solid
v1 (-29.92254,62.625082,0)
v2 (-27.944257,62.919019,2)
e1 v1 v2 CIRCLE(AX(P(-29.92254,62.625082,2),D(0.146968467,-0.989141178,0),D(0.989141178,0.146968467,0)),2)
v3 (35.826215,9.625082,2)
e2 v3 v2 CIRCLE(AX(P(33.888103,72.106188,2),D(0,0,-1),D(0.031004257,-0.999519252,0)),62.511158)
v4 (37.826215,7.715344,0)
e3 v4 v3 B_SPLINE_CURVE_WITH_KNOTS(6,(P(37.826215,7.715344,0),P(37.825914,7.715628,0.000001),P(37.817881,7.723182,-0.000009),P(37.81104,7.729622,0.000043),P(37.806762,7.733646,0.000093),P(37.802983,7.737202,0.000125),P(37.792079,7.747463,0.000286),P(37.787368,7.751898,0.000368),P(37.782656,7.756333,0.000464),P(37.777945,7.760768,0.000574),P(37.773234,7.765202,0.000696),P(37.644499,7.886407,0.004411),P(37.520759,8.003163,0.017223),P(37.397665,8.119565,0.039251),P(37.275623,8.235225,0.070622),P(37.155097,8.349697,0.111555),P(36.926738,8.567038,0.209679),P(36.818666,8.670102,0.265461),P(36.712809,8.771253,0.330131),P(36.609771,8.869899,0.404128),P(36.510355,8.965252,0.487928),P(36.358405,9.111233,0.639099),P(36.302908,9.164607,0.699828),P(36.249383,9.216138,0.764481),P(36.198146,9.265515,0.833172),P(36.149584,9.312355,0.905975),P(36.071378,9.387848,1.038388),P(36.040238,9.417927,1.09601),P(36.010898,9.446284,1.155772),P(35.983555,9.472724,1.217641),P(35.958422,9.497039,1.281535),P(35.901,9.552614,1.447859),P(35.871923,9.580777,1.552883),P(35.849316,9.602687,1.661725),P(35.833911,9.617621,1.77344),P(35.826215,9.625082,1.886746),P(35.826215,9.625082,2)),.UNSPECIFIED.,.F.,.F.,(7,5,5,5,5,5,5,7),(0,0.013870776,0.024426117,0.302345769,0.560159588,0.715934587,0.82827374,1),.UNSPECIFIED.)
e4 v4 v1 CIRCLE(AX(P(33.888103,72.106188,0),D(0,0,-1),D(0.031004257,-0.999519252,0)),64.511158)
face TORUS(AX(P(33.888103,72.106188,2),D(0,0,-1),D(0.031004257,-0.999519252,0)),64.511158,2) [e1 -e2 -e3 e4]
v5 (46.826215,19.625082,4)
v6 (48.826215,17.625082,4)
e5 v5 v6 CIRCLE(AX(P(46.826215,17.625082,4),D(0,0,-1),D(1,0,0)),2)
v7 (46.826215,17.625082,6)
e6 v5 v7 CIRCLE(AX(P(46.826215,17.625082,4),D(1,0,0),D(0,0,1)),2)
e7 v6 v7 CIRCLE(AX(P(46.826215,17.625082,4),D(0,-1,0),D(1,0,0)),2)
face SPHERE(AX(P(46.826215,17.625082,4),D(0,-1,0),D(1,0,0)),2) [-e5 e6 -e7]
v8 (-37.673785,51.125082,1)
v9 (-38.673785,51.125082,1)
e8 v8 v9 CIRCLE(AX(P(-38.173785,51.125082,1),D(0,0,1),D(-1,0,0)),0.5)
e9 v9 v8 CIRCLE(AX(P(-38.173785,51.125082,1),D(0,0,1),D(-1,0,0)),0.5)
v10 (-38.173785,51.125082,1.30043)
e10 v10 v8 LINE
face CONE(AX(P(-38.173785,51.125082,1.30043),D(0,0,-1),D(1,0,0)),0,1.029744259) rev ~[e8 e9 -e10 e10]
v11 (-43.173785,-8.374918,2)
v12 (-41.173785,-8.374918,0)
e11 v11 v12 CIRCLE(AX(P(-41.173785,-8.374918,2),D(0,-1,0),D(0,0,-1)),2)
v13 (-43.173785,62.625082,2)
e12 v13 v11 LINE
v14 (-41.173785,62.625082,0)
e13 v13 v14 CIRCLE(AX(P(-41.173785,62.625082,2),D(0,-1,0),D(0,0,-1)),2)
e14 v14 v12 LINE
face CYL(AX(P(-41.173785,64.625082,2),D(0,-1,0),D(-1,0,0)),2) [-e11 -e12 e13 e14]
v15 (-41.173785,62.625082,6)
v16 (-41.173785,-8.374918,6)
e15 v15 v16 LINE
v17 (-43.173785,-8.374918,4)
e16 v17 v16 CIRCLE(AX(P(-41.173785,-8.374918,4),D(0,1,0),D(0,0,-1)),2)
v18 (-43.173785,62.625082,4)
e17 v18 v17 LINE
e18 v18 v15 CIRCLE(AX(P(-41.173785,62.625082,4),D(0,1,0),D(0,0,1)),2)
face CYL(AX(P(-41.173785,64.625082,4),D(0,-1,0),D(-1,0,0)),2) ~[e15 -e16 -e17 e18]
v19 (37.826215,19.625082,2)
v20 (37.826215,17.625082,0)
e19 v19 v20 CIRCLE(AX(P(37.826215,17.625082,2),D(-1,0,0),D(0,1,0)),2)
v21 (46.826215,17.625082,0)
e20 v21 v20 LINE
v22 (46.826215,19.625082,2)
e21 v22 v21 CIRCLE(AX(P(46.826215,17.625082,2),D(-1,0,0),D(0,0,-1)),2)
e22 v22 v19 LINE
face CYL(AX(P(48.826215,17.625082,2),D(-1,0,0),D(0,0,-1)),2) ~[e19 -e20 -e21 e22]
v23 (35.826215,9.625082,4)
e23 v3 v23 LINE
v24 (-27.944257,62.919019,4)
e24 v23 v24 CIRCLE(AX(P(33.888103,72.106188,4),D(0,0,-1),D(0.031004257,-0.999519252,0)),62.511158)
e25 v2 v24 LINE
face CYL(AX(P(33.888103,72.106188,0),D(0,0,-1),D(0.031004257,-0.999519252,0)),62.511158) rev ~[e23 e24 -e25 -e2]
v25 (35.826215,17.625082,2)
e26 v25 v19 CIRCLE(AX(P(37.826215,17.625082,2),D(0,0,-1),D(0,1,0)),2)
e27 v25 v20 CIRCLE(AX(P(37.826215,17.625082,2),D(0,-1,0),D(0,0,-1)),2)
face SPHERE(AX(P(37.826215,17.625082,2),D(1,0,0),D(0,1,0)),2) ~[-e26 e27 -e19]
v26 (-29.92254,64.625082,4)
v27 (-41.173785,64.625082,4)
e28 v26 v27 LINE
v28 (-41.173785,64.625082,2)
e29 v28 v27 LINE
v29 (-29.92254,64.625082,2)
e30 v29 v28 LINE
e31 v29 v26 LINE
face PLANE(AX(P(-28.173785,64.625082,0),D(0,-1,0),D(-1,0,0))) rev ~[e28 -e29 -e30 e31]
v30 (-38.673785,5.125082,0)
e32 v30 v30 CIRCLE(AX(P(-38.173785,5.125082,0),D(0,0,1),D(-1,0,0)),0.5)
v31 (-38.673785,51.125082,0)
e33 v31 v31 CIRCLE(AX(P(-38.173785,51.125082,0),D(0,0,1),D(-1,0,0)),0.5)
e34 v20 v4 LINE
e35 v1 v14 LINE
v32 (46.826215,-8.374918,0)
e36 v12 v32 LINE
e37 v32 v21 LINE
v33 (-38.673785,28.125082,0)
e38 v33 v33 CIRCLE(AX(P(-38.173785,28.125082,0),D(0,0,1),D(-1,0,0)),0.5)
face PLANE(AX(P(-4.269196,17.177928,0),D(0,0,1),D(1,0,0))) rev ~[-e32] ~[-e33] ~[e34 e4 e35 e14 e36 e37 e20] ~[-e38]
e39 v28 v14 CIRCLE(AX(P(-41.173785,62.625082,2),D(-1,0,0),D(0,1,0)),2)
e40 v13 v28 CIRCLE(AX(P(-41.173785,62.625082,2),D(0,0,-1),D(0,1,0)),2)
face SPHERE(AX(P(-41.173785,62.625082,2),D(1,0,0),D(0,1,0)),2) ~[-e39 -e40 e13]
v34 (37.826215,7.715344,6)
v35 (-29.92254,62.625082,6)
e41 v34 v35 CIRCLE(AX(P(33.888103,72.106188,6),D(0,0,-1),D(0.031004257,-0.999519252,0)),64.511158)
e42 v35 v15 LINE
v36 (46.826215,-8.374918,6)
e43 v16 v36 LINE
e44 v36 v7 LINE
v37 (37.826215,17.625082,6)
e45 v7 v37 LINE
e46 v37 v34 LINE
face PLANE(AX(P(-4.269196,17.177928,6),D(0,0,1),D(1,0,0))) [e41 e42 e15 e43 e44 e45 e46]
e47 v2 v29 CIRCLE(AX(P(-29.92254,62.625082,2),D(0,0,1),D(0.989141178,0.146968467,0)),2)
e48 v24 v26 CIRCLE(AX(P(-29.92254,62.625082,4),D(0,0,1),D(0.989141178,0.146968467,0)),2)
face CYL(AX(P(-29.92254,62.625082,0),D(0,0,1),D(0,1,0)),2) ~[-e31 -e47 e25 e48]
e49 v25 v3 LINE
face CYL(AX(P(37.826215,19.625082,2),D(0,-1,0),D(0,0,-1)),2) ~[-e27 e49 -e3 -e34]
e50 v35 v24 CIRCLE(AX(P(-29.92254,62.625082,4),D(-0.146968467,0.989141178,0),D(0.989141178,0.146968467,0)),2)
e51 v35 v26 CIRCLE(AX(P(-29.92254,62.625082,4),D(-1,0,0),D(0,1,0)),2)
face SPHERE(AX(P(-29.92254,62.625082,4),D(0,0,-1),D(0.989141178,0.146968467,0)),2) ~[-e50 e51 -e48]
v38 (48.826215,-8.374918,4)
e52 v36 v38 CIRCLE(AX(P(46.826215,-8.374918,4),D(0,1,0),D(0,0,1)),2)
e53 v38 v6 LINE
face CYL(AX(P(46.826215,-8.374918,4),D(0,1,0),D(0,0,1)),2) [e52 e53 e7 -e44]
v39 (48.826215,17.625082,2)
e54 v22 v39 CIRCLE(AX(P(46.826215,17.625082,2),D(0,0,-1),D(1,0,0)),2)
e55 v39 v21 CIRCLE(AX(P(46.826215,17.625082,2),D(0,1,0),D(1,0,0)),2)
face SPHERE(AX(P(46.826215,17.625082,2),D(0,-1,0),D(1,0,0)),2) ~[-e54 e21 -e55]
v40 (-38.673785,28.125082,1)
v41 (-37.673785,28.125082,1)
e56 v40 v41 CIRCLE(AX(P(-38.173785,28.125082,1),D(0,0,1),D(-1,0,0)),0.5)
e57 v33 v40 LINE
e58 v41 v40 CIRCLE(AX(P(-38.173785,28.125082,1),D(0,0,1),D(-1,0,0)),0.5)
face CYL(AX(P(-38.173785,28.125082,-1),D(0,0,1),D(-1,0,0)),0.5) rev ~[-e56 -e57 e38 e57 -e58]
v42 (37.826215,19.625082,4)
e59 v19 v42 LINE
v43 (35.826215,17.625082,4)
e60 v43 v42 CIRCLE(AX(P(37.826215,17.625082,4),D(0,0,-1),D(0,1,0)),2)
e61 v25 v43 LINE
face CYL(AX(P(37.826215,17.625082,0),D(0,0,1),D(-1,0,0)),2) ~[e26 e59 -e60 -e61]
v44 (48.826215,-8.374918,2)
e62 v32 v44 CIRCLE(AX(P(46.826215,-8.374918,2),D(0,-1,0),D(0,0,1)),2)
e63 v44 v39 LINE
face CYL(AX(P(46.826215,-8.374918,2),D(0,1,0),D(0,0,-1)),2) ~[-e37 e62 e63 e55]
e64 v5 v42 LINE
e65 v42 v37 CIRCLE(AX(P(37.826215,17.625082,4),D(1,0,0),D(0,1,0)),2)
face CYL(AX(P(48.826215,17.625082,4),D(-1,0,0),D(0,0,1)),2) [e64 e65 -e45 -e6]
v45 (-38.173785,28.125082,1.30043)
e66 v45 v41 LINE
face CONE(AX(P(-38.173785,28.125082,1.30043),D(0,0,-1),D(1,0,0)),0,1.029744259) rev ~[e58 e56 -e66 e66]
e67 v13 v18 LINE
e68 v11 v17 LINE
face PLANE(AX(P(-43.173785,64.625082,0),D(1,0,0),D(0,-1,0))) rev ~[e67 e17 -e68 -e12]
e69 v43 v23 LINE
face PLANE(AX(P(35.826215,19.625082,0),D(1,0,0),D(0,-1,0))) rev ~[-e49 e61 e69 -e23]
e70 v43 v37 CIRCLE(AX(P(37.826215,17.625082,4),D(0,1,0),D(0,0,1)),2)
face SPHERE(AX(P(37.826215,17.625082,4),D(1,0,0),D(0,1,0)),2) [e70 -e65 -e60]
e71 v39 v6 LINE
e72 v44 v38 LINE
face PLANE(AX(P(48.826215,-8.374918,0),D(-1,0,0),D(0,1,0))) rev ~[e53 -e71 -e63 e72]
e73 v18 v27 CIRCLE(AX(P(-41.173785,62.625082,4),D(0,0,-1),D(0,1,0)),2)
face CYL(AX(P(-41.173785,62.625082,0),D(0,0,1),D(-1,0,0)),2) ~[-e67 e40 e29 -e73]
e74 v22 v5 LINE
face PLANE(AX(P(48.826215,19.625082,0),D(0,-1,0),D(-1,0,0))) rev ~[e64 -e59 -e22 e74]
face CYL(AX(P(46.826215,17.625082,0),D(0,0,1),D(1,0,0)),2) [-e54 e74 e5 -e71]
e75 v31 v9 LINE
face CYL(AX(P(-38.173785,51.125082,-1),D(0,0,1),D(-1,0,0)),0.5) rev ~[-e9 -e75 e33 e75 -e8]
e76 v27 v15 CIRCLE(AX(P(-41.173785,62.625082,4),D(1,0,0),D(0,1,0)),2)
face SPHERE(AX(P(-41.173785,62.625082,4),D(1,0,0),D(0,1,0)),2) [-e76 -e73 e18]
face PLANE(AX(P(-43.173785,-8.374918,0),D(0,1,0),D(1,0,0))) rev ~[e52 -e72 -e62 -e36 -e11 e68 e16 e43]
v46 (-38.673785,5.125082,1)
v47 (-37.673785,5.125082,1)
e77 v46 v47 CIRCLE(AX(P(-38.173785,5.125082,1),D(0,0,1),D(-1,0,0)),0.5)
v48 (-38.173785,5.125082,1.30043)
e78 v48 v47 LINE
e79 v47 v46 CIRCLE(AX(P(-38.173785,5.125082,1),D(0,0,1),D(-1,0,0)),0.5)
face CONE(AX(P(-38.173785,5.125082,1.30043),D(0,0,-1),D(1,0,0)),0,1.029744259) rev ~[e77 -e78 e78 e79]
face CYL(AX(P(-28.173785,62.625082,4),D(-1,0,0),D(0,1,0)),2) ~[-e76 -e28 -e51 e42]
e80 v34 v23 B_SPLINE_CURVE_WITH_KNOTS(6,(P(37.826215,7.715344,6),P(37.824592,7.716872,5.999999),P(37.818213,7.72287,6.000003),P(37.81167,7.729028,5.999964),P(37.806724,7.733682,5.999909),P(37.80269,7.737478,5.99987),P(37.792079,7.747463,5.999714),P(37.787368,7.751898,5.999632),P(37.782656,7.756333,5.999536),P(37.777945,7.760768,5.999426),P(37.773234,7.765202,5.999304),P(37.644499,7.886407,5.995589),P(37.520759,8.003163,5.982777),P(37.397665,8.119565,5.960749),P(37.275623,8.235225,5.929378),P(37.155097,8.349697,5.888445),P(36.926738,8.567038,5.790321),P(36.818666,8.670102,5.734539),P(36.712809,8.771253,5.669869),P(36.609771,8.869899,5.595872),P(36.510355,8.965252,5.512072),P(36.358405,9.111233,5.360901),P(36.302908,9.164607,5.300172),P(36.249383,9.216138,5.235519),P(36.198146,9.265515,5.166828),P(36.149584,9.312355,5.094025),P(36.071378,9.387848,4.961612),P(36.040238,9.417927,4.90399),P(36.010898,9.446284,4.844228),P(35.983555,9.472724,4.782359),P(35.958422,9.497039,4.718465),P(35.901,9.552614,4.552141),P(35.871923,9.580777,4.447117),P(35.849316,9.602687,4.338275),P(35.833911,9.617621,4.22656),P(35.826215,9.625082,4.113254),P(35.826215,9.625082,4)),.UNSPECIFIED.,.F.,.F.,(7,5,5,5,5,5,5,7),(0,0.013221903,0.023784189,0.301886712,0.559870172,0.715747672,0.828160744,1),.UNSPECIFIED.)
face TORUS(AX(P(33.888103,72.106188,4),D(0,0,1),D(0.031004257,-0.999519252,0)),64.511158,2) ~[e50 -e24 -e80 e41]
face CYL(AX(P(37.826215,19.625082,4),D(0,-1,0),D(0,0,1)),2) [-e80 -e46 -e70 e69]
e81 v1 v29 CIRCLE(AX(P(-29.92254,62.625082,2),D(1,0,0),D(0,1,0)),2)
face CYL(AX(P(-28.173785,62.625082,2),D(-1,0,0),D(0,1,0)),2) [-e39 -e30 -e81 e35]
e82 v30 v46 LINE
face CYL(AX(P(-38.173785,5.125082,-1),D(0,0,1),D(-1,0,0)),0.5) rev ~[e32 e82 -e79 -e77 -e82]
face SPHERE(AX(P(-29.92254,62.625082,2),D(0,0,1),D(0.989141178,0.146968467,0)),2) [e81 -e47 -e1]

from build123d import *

# Parameters (mm, degrees)
F1_DEPTH = 6
F3_D     = 1
F3_DEPTH = 1
F3_TIP   = 0.3004303095
F4_R     = 2


with BuildPart() as f1:
    # F0 (on Top) → F1 (new body)
    with BuildSketch(Plane.XY):
        with BuildLine():
            Line((-43.1737847788, 64.6250816927), (-43.1737847788, -8.3749183073))
            Line((-43.1737847788, -8.3749183073), (48.8262152212, -8.3749183073))
            Line((48.8262152212, -8.3749183073), (48.8262152212, 19.6250816927))
            Line((48.8262152212, 19.6250816927), (35.8262152212, 19.6250816927))
            Line((35.8262152212, 19.6250816927), (35.8262152212, 9.6250816927))
            ThreePointArc((35.8262152212, 9.6250816927), (-6.8545907303, 24.6965074946), (-28.1737847788, 64.6250816927))
            Line((-28.1737847788, 64.6250816927), (-43.1737847788, 64.6250816927))
        make_face()
    extrude(amount=F1_DEPTH)

    # F3
    with Locations(Plane(origin=(0, 0, 0), x_dir=(1, 0, 0), z_dir=(0, 0, -1))):
        with Locations((-38.1737847788, -5.1250816927), (-38.1737847788, -28.1250816927), (-38.1737847788, -51.1250816927)):
            Hole(F3_D / 2, depth=F3_DEPTH)
            with Locations((0, 0, -(F3_DEPTH + F3_TIP / 2))):  # 118° drill point
                Cone(0, F3_D / 2, F3_TIP, mode=Mode.SUBTRACT)

    # F4
    f4_edges = [f1.edges().sort_by_distance(p)[0] for p in [
        (48.826215, 5.625082, 6),
        (48.826215, 5.625082, 0),
        (48.826215, 19.625082, 3),
        (42.326215, 19.625082, 0),
        (42.326215, 19.625082, 6),
        (35.826215, 19.625082, 3),
        (35.826215, 14.625082, 6),
        (35.826215, 14.625082, 0),
        (-6.854591, 24.696507, 0),
        (-6.854591, 24.696507, 6),
        (-35.673785, 64.625082, 0),
        (-35.673785, 64.625082, 6),
        (-43.173785, 64.625082, 3),
        (-43.173785, 28.125082, 0),
        (-43.173785, 28.125082, 6),
        (-28.173785, 64.625082, 3),
    ]]
    fillet(f4_edges, radius=F4_R)


solid = f1.part
